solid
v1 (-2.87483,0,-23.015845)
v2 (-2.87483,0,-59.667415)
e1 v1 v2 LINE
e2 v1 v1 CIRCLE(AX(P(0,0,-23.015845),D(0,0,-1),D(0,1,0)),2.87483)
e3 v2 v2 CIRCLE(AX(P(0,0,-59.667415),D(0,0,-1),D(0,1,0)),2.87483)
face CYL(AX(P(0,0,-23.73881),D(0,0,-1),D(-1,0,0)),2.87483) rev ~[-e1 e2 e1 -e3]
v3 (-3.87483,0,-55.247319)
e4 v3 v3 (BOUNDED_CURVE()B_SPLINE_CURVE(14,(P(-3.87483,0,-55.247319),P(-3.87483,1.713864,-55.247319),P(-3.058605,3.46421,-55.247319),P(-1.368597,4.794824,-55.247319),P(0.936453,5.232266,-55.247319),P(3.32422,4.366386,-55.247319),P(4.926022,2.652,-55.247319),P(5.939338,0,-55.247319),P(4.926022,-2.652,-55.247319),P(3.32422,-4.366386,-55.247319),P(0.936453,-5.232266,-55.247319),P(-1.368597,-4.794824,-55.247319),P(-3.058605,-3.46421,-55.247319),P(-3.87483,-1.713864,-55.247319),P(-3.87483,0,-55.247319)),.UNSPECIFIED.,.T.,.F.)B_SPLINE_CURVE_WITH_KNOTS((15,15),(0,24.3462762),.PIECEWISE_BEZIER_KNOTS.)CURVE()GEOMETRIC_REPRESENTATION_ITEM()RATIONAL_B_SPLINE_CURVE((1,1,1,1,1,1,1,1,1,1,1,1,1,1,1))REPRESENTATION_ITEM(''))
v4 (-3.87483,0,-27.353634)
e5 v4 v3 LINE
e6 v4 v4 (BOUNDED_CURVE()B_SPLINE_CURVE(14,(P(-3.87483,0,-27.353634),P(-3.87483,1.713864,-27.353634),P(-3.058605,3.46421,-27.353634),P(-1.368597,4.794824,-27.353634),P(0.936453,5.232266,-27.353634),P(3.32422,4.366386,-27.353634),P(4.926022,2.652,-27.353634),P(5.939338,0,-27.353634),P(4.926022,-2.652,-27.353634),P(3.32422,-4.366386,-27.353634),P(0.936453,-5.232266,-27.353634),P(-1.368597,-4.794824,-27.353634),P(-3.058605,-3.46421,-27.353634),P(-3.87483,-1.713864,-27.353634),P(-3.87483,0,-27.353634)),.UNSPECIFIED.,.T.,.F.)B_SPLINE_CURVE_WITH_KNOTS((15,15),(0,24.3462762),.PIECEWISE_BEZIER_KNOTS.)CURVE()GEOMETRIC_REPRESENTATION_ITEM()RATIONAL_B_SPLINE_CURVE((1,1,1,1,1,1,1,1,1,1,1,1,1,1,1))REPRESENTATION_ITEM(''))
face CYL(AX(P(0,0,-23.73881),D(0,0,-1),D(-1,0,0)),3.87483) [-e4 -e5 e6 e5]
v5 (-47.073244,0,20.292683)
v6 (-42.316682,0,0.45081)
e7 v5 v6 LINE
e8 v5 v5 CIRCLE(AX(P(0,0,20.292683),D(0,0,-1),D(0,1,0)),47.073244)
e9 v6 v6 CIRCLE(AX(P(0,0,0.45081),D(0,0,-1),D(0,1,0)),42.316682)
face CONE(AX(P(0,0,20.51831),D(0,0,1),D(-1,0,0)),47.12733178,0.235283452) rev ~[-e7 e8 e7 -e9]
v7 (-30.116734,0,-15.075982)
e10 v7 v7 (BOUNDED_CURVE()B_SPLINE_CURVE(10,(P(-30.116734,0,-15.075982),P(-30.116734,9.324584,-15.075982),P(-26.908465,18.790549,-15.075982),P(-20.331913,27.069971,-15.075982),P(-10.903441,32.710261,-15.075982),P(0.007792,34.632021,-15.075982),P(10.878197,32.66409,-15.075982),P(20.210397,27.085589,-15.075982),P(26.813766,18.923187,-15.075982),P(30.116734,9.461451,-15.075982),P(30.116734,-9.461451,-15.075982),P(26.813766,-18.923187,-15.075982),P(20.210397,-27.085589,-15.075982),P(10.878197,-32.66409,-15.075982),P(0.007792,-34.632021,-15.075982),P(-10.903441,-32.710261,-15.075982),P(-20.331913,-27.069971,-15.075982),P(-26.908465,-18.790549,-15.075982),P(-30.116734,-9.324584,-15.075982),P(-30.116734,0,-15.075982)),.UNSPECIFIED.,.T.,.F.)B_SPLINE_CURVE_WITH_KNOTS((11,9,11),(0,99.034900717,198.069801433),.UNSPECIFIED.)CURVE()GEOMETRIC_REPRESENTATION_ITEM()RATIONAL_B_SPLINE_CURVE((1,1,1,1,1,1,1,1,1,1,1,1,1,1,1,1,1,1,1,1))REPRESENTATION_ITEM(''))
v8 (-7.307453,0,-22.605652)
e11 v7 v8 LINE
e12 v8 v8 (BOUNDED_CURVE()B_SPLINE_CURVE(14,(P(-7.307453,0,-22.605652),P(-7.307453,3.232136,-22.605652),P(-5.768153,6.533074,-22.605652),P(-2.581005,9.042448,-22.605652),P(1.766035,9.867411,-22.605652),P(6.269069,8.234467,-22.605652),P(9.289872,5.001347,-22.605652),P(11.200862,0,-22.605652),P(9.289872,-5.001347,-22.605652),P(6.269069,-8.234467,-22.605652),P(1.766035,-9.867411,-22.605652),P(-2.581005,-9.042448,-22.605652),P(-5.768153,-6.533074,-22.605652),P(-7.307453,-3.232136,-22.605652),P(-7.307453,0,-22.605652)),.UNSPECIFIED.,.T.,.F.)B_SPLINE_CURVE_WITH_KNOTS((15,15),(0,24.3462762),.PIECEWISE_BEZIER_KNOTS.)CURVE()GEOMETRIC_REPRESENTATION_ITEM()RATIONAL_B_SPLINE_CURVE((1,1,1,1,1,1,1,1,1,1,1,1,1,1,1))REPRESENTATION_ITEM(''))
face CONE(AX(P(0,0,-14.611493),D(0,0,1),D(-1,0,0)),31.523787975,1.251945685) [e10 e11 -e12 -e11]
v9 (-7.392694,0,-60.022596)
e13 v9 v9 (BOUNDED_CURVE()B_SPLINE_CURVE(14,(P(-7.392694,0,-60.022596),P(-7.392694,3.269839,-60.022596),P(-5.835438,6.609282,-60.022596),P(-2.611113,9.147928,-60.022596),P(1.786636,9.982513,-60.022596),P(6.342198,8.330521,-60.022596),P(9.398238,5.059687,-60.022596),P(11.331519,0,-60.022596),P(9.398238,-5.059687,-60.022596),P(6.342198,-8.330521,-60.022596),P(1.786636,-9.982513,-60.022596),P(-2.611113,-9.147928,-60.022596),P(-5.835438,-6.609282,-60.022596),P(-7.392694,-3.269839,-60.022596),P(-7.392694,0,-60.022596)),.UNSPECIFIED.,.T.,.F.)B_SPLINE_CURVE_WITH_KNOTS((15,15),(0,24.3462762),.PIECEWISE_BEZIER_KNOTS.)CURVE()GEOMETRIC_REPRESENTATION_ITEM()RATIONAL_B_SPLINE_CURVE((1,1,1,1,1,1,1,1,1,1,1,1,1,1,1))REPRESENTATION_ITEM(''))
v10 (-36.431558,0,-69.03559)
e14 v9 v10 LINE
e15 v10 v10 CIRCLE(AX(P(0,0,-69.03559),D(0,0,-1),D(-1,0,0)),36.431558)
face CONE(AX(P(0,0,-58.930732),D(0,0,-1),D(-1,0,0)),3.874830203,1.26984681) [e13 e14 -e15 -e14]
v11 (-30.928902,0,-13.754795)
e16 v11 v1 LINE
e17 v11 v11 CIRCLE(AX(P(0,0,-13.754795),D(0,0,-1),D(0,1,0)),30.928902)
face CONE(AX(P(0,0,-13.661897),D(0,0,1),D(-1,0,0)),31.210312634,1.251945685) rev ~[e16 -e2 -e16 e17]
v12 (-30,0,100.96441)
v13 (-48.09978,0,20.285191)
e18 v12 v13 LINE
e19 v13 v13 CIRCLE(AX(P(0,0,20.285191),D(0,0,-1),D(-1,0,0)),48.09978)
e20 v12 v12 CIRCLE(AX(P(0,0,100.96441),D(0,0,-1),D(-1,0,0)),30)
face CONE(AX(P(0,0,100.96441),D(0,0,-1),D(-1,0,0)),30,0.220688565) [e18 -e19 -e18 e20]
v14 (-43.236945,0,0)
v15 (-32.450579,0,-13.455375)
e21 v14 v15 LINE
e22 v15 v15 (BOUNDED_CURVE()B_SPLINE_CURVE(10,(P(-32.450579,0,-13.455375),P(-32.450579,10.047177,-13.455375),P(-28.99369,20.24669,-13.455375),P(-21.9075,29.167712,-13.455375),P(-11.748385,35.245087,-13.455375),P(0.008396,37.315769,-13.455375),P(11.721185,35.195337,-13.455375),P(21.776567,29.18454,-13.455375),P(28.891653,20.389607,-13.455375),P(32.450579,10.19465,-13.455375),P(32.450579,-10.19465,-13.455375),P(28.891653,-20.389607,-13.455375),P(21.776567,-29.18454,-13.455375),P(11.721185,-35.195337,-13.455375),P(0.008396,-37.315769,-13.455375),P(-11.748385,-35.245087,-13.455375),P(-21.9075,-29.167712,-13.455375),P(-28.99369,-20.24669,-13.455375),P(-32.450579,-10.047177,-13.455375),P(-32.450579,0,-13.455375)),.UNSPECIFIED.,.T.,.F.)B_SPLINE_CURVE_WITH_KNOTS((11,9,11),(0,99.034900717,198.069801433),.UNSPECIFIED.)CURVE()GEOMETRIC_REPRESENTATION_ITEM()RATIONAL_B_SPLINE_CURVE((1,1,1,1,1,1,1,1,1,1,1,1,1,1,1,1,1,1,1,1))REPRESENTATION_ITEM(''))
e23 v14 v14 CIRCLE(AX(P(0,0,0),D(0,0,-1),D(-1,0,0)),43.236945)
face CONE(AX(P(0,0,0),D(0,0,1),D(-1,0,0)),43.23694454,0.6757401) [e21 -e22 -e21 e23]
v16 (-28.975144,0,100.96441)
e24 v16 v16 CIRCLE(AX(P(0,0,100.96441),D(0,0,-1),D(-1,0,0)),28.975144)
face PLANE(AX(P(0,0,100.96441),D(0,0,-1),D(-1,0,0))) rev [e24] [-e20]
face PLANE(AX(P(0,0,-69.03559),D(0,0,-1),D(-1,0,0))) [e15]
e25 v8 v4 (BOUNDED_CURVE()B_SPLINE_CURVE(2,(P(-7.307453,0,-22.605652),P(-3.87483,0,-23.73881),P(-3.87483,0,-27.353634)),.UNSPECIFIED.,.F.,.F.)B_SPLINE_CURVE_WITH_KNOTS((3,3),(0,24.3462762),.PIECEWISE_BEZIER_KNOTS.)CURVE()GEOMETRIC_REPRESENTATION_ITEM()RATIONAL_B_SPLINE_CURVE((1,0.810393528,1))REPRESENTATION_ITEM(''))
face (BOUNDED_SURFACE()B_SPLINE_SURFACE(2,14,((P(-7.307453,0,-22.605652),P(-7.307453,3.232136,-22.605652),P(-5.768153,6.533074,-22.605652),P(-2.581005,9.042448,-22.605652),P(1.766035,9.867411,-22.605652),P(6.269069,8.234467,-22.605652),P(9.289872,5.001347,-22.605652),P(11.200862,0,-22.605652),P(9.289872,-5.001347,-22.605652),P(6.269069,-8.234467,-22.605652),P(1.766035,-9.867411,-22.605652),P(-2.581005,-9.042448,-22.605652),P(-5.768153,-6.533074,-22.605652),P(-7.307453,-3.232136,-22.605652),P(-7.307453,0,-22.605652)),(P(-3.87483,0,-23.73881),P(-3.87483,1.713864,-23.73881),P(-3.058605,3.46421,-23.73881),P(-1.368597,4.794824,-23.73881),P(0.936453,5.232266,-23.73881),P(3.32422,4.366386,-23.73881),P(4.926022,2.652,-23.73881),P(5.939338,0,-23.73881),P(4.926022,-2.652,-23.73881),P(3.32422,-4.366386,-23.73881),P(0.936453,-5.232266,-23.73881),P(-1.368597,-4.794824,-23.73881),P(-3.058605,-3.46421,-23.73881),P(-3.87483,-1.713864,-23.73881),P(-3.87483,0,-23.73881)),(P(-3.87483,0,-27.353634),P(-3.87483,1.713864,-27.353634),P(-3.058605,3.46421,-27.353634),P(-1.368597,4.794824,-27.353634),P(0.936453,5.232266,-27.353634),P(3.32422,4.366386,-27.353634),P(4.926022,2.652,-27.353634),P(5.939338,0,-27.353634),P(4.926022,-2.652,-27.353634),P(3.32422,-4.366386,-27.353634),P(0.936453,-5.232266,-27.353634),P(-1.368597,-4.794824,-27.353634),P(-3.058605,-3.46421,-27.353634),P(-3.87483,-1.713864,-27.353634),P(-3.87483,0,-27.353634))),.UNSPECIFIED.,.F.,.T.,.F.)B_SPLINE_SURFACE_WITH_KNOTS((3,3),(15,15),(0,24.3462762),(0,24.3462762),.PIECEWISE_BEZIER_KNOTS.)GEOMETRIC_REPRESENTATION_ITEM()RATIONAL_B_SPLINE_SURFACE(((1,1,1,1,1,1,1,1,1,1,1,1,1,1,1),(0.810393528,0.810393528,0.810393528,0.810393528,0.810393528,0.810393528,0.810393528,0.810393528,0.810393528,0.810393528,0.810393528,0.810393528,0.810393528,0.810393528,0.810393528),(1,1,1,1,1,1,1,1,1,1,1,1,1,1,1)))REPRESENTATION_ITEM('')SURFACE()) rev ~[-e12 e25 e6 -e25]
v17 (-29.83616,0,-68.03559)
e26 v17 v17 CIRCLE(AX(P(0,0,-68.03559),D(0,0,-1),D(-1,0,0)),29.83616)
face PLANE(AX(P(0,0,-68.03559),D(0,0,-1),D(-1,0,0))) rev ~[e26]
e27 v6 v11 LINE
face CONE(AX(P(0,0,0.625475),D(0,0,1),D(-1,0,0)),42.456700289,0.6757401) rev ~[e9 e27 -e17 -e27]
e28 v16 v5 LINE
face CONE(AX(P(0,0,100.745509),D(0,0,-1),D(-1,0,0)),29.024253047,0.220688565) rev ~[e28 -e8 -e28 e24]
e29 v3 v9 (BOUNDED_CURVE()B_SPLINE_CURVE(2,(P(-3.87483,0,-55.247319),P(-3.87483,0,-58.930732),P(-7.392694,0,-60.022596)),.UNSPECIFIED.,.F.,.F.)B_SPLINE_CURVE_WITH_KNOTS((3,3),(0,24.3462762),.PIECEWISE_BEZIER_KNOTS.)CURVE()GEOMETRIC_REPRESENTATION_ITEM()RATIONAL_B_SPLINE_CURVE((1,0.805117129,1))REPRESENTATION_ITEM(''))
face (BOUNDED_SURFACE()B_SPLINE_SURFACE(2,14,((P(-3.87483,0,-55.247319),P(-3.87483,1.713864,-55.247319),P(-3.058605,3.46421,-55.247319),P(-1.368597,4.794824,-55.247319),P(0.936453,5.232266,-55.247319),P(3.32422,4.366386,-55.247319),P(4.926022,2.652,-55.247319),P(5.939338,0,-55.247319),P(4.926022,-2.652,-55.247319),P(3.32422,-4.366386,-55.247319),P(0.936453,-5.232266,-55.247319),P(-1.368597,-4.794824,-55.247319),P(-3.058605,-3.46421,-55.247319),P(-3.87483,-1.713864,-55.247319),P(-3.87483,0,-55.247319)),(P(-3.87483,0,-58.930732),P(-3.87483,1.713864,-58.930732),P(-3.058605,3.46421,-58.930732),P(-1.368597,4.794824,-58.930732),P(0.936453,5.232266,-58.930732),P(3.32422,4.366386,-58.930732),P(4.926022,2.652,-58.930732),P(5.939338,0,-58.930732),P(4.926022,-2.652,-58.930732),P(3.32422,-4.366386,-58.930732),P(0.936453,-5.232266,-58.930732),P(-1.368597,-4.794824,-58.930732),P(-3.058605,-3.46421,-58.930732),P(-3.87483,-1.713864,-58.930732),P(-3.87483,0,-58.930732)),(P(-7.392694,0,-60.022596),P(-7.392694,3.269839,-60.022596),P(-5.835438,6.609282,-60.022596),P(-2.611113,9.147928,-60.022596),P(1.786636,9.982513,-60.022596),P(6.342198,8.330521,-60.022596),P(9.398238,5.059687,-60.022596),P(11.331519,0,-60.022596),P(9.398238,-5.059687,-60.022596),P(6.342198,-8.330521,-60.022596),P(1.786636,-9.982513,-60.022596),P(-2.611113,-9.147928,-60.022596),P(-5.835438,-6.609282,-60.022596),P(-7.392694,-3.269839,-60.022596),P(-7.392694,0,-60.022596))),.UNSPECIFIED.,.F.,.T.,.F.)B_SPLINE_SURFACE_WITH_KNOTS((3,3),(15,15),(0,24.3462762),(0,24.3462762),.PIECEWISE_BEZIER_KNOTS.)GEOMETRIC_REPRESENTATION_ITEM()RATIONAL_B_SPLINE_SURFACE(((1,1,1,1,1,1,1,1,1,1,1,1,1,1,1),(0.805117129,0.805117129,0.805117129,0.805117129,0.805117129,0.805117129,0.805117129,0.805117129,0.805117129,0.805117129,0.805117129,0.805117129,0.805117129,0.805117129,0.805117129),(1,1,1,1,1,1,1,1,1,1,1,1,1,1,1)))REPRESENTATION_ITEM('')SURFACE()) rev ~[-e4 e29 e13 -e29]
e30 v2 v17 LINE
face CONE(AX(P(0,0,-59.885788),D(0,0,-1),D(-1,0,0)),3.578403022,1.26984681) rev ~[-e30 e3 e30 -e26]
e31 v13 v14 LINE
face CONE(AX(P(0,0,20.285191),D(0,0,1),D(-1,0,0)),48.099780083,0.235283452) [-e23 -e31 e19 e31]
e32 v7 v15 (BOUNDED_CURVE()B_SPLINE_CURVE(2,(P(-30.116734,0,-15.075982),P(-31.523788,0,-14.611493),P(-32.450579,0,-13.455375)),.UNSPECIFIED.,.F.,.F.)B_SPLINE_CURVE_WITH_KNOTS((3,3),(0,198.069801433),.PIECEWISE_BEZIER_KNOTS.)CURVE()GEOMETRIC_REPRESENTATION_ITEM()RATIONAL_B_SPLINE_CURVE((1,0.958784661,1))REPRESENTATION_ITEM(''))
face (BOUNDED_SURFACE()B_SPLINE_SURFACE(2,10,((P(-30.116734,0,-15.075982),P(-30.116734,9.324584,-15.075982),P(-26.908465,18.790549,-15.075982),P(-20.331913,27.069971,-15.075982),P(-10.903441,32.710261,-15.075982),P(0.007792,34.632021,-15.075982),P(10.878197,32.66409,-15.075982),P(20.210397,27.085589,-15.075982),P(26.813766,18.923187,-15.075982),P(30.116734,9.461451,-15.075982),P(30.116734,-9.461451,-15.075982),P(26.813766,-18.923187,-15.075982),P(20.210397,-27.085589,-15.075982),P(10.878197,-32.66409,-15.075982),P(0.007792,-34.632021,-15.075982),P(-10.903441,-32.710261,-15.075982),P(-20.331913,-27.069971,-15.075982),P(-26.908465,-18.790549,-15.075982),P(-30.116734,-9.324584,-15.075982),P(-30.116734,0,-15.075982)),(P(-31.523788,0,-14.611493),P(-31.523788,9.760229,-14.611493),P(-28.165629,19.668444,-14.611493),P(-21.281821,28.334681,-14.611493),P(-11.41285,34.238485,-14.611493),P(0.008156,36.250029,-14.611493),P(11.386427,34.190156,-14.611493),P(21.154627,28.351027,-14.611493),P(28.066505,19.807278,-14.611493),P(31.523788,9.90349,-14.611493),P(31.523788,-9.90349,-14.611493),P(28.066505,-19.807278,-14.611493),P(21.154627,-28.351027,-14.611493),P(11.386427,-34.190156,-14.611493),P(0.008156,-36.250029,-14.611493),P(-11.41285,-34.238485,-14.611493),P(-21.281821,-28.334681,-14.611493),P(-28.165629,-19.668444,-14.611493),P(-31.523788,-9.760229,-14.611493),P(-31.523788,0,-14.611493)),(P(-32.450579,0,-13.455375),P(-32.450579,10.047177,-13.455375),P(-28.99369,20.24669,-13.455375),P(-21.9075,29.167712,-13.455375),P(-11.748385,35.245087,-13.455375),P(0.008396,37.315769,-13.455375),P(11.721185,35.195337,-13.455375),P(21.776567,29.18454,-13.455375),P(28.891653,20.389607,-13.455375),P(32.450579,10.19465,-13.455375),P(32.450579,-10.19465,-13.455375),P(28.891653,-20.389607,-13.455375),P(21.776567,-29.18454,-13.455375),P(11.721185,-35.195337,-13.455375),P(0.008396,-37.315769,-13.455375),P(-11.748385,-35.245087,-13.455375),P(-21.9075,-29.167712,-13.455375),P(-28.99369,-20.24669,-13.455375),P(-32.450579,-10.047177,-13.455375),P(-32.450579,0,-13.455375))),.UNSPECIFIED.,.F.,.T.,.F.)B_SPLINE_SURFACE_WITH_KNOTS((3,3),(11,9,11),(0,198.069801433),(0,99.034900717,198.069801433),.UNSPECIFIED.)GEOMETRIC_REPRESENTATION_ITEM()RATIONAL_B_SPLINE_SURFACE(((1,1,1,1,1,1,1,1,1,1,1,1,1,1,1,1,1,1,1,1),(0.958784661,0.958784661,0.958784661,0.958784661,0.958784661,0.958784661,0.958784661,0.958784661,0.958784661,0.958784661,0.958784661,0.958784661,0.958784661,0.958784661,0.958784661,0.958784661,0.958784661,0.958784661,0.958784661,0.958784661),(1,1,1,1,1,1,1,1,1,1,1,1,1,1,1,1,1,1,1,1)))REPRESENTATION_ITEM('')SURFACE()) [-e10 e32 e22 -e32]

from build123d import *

# Parameters (mm, degrees)
F2_T = -1
F3_R = 5
F4_R = 5


with BuildPart() as f1:
    # F0 (on Front) → F1 (revolve)
    with BuildSketch(Plane.XZ):
        Polygon((0, 100.964410305), (-30, 100.964410305), (-48.0997800827, 20.2851913869), (-43.2369445397, 0), (-31.5237879753, -14.6114934236), (-3.8748302031, -23.7388100573), (0, -25.0179469585), align=None)
        Polygon((0, -69.035589695), (0, -25.0179469585), (-3.8748302031, -23.7388100573), (-3.8748302031, -58.9307323098), (-36.4315584302, -69.035589695), align=None)
    revolve(axis=Axis((0, 0, 15.964410305), (0, 0, -1)))

    # F2
    f2_openings = [f1.faces().sort_by_distance(p)[0] for p in [
        (0, 0, 100.96441),
    ]]
    offset(amount=F2_T, openings=f2_openings, kind=Kind.INTERSECTION)

    # F3
    f3_edges = [f1.edges().sort_by_distance(p)[0] for p in [
        (3.87483, 0, -58.930732),
        (3.87483, 0, -23.73881),
    ]]
    fillet(f3_edges, radius=F3_R)

    # F4
    f4_edges = [f1.edges().sort_by_distance(p)[0] for p in [
        (31.523788, 0, -14.611493),
    ]]
    fillet(f4_edges, radius=F4_R)


solid = f1.part
